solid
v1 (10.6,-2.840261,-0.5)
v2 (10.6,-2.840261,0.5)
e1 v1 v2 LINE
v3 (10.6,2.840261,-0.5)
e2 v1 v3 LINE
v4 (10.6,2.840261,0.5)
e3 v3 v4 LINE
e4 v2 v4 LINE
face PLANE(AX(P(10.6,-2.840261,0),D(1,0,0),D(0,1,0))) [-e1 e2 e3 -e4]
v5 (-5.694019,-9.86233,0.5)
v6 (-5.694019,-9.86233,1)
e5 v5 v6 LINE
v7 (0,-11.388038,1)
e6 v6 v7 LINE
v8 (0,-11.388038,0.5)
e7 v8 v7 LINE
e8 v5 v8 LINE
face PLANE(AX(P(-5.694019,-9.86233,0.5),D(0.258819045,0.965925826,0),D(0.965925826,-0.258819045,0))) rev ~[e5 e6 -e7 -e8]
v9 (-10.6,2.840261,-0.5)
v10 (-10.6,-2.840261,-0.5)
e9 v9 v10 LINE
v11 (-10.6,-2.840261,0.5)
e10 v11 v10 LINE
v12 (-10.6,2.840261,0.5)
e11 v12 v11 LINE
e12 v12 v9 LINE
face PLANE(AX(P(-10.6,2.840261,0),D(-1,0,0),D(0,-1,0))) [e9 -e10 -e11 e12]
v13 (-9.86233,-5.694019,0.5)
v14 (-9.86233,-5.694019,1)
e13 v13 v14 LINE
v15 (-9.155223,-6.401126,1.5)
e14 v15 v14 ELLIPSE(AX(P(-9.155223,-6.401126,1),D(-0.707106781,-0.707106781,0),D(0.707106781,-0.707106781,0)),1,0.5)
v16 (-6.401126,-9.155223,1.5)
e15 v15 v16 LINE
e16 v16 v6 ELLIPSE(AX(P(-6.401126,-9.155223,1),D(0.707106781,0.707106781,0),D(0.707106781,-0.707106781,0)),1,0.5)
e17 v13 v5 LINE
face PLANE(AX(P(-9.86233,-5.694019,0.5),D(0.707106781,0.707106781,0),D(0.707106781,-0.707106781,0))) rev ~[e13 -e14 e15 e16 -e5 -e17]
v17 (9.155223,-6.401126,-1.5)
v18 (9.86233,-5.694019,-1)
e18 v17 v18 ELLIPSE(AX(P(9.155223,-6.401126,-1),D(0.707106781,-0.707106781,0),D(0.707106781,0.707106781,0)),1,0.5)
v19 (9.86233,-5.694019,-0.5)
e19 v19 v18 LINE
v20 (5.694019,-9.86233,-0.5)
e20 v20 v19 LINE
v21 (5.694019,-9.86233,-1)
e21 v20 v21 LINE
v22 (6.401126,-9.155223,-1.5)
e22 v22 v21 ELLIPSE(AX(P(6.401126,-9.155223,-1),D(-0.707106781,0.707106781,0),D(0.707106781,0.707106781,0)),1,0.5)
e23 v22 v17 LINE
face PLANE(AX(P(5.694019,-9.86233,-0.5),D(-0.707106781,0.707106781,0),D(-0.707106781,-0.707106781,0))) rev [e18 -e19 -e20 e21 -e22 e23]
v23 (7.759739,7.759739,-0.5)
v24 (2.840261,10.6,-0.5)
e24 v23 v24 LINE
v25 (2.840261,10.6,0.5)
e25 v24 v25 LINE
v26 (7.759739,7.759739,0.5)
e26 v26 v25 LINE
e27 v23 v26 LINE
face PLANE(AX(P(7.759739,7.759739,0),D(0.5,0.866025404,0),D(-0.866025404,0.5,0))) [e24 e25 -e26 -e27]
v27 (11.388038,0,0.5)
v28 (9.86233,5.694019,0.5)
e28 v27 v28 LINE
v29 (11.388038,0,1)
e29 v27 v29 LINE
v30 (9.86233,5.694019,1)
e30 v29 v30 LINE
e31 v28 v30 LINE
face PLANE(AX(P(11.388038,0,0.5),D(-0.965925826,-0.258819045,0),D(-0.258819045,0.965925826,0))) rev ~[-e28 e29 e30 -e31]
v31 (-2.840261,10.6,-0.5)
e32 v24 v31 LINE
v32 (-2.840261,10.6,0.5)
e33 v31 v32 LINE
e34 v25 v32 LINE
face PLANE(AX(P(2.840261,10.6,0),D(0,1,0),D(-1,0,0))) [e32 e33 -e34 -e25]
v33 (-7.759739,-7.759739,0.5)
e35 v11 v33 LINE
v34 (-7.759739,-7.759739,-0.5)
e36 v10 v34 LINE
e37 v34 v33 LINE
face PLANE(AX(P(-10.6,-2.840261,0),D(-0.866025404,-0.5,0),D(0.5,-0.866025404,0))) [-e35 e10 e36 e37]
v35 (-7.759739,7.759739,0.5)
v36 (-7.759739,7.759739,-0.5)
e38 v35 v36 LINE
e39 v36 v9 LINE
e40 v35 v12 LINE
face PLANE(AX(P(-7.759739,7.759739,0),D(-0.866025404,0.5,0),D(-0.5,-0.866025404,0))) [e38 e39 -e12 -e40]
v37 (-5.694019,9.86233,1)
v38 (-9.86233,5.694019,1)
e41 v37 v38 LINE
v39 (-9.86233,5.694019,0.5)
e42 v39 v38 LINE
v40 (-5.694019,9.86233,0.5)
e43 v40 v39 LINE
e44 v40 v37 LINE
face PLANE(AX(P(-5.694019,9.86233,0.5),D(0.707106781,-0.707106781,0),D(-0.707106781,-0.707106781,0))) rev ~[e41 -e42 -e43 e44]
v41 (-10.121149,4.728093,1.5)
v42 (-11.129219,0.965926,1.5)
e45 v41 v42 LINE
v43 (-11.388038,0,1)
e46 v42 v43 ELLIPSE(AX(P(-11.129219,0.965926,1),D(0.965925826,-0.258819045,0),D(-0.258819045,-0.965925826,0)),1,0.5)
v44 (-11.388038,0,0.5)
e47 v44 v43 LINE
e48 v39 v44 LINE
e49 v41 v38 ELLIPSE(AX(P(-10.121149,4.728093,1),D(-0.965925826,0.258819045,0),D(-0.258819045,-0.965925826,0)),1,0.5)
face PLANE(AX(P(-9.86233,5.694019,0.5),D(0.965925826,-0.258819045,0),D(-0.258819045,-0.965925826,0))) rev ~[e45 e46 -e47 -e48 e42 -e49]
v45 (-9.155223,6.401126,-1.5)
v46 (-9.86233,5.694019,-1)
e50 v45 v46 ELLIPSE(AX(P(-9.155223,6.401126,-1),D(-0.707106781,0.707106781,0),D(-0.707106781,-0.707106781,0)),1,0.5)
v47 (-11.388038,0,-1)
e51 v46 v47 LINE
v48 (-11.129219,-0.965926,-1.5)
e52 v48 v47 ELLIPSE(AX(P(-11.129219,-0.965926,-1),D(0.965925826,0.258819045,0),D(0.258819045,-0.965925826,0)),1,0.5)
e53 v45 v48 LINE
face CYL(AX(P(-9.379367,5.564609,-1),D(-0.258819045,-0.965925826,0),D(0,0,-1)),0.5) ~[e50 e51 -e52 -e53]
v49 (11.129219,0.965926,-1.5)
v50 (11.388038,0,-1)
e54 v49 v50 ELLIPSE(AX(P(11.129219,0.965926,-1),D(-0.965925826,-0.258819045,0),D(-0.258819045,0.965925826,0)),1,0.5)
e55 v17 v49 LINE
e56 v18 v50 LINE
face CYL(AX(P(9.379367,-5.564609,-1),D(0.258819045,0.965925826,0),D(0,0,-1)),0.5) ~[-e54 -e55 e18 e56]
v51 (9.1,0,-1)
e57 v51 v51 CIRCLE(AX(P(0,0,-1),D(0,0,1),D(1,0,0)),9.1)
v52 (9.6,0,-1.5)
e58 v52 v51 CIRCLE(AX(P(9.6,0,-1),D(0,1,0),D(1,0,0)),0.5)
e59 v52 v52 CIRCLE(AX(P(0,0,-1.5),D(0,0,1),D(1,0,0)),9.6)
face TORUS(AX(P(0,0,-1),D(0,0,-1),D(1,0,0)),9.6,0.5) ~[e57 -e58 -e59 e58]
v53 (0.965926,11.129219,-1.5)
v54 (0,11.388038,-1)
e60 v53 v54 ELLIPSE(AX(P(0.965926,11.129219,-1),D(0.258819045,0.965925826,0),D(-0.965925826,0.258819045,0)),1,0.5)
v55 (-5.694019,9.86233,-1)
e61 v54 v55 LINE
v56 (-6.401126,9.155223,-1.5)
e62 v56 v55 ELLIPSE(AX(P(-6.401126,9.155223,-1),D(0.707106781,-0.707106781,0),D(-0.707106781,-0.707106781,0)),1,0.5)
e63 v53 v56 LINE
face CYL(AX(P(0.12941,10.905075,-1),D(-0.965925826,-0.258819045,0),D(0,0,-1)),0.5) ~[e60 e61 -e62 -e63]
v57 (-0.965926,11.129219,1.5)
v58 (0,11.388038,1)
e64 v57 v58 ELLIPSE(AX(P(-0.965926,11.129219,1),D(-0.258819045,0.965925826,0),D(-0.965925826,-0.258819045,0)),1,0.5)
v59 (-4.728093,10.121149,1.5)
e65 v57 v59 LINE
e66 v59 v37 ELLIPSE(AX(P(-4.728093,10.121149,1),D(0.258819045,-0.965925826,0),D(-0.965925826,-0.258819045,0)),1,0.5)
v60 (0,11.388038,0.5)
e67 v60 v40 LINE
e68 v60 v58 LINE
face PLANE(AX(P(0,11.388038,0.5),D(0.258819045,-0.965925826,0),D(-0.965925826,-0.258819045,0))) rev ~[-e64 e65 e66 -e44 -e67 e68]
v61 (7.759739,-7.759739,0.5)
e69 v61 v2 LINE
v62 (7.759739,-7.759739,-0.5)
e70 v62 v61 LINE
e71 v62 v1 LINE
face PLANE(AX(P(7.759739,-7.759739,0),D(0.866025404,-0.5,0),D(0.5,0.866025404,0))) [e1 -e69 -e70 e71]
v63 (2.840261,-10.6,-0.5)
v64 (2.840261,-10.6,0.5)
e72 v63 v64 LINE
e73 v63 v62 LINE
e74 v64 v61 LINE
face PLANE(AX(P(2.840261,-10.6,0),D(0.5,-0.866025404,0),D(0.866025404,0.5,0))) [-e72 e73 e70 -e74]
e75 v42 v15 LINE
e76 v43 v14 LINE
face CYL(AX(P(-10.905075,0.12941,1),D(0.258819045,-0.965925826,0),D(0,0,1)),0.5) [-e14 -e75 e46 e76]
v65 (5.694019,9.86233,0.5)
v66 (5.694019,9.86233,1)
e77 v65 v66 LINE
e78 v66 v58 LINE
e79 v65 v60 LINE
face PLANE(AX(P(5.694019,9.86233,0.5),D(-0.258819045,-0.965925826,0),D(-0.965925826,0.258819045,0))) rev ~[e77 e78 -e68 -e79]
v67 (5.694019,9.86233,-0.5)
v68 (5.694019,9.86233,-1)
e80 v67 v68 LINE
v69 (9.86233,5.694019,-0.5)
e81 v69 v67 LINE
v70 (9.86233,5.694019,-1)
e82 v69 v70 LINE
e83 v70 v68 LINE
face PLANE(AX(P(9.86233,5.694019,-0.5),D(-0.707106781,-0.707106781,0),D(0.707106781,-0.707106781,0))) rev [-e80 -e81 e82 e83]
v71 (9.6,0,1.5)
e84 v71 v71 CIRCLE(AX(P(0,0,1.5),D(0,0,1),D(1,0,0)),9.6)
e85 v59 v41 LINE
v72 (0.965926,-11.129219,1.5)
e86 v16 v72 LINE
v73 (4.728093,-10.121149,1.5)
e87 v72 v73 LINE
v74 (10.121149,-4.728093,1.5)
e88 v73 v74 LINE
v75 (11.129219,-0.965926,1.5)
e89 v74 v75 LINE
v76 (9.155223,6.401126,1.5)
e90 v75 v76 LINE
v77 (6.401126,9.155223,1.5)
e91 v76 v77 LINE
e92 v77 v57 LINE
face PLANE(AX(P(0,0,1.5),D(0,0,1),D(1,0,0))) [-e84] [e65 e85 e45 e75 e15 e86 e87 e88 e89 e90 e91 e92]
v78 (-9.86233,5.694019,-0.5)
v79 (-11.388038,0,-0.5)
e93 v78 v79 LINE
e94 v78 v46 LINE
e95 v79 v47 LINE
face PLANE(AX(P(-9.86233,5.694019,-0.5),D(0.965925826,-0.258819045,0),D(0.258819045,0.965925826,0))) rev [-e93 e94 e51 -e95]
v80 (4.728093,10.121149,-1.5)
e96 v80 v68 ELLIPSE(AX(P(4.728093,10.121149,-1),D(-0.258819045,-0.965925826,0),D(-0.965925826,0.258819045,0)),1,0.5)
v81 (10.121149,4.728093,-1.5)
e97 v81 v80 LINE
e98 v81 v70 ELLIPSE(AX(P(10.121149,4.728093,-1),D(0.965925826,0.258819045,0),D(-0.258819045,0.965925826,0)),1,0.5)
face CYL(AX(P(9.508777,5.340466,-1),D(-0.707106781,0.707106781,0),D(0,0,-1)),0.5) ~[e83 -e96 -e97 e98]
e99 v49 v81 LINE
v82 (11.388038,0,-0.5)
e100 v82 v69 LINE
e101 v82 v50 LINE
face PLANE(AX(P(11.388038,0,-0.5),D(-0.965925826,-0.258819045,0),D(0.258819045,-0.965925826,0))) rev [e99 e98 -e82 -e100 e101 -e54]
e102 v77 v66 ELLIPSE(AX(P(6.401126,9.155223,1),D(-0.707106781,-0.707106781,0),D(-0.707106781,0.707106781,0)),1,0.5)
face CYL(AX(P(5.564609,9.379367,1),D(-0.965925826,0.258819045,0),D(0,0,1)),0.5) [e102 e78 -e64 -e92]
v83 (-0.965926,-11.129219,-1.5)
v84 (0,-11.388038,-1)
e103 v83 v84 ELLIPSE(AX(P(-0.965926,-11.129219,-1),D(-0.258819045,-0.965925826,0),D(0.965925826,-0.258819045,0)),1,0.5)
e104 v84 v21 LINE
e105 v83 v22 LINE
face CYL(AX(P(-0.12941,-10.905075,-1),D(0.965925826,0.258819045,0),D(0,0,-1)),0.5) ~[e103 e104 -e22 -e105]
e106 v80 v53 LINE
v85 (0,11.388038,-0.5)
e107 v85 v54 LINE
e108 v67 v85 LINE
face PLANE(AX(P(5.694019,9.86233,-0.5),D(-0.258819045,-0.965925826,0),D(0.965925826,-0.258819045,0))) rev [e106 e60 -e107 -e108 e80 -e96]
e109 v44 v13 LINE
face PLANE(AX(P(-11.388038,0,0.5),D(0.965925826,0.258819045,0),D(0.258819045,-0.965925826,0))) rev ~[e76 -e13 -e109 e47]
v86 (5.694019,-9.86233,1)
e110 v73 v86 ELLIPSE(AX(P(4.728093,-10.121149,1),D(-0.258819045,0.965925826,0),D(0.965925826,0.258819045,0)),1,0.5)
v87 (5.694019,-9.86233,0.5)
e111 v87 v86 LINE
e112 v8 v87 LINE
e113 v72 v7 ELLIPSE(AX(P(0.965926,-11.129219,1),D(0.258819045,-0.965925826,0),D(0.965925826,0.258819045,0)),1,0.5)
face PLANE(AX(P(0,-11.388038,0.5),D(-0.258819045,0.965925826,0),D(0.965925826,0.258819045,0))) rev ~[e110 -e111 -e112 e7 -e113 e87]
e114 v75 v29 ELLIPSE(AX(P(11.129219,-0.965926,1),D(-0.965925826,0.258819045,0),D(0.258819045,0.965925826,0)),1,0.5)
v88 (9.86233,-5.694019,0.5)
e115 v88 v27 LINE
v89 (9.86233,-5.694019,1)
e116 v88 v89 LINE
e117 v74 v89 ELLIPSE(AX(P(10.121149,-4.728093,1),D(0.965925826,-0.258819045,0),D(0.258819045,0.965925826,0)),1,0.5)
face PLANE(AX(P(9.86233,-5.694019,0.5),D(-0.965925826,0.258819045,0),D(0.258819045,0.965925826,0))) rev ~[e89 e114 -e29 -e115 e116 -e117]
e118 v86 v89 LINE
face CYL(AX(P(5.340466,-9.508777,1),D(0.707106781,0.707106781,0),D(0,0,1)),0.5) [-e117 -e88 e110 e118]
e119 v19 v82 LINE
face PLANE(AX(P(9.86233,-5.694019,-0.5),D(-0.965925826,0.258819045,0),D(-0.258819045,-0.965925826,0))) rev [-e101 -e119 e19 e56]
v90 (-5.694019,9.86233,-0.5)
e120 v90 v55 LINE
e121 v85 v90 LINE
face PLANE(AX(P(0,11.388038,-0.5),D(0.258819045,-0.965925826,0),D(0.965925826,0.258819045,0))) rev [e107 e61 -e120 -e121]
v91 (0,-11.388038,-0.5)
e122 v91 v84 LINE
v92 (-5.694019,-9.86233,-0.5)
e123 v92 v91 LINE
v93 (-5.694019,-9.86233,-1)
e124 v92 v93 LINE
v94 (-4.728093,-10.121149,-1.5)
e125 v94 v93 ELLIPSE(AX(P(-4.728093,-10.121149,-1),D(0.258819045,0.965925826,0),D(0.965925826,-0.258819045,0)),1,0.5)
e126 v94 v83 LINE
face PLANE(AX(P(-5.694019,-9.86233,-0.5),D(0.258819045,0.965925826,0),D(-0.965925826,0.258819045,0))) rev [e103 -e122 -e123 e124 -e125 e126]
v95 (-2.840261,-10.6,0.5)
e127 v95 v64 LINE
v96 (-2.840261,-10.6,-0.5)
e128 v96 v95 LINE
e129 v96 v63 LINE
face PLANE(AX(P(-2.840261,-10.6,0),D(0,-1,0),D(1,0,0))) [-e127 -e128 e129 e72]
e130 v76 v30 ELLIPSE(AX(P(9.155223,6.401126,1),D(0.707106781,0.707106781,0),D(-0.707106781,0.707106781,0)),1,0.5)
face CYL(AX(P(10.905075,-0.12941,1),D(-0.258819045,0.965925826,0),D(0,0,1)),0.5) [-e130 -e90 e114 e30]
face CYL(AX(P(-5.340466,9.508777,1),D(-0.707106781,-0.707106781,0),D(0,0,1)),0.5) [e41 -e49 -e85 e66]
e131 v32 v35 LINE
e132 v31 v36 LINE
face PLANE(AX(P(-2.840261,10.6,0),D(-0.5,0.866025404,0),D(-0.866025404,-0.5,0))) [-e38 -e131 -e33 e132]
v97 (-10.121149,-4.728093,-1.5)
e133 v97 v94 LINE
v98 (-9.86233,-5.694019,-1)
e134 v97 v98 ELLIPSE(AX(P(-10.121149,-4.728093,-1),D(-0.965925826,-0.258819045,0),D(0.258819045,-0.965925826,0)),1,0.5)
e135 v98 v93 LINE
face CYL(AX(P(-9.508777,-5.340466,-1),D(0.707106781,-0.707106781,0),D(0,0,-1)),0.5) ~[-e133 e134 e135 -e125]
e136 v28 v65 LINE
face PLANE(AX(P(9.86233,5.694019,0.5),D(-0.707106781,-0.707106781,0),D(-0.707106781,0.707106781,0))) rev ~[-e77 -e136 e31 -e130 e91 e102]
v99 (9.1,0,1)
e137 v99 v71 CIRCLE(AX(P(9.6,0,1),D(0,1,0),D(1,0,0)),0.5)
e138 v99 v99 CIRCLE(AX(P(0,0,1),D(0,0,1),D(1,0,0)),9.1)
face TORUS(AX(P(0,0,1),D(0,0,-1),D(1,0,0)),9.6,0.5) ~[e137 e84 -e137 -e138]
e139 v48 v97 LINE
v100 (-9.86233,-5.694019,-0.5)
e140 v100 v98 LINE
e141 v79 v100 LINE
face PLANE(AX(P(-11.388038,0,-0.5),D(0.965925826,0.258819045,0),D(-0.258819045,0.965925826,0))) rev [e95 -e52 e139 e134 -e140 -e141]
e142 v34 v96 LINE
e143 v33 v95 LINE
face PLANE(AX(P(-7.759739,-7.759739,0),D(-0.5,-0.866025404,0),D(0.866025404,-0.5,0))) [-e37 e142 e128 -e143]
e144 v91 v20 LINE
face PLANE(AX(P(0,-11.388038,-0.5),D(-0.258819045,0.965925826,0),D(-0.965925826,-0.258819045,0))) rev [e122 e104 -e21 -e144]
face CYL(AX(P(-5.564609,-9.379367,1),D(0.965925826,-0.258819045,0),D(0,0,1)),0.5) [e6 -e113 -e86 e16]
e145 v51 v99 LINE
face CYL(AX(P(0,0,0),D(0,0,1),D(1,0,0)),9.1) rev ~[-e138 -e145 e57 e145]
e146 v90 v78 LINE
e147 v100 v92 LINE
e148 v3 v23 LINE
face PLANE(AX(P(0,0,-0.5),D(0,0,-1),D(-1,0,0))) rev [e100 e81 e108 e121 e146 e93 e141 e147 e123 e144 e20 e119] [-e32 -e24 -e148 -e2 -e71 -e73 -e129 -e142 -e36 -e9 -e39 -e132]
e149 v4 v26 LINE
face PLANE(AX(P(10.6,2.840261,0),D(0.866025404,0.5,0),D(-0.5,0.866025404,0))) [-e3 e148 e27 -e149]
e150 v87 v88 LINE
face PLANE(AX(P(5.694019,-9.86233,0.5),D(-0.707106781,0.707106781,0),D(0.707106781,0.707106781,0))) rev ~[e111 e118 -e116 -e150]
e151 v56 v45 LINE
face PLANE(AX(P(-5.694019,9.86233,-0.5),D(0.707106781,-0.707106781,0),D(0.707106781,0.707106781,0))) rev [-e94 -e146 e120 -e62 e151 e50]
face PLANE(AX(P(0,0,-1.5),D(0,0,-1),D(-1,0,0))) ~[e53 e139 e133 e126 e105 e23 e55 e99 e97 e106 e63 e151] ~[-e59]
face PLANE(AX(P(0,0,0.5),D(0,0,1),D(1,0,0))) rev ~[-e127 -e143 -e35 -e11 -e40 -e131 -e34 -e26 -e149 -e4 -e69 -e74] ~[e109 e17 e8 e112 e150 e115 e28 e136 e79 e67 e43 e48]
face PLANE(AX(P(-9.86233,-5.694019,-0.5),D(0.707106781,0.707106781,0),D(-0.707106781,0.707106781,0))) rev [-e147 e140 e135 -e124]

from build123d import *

# Parameters (mm, degrees)
F2_DEPTH = 0.5
F4_DEPTH = 1
F0_R     = 9.1
F6_DEPTH = 2.5
F7_R     = 0.5
F8_R     = 0.5


with BuildPart() as f2:
    # F1 (on Top) → F2 (new body, symmetric)
    with BuildSketch(Plane.XY):
        Polygon((-10.6, -2.8402614398), (-7.7597385602, -7.7597385602), (-2.8402614398, -10.6), (2.8402614398, -10.6), (7.7597385602, -7.7597385602), (10.6, -2.8402614398), (10.6, 2.8402614398), (7.7597385602, 7.7597385602), (2.8402614398, 10.6), (-2.8402614398, 10.6), (-7.7597385602, 7.7597385602), (-10.6, 2.8402614398), align=None)
    extrude(amount=F2_DEPTH, both=True)

    # F3 (on face) → F4 (join)
    with BuildSketch(Plane.XY.offset(0.5)):
        Polygon((-9.8623301938, 5.6940189923), (-11.3880379845, 0), (-9.8623301938, -5.6940189923), (-5.6940189923, -9.8623301938), (0, -11.3880379845), (5.6940189923, -9.8623301938), (9.8623301938, -5.6940189923), (11.3880379845, 0), (9.8623301938, 5.6940189923), (5.6940189923, 9.8623301938), (0, 11.3880379845), (-5.6940189923, 9.8623301938), align=None)
    extrude(amount=F4_DEPTH)

    # F5: F2 across plane


with BuildPart() as f2_1:
    add(f2.part)
    add(f2.part.mirror(Plane.XY))

    # F0 (on Top) → F6 (cut, symmetric)
    with BuildSketch(Plane.XY):
        Circle(F0_R)
    extrude(amount=F6_DEPTH, both=True, mode=Mode.SUBTRACT)

    # F7
    f7_edges = [f2_1.edges().sort_by_distance(p)[0] for p in [
        (-9.1, 0, -1.5),
        (9.1, 0, 0),
        (-9.1, 0, 1.5),
    ]]
    fillet(f7_edges, radius=F7_R)

    # F8
    f8_edges = [f2_1.edges().sort_by_distance(p)[0] for p in [
        (10.625184, -2.847009, -1.5),
        (7.778175, 7.778175, -1.5),
        (-2.847009, 10.625184, -1.5),
        (-10.625184, 2.847009, -1.5),
        (-7.778175, -7.778175, -1.5),
        (2.847009, -10.625184, -1.5),
        (-2.847009, -10.625184, 1.5),
        (7.778175, -7.778175, 1.5),
        (10.625184, 2.847009, 1.5),
        (2.847009, 10.625184, 1.5),
        (-7.778175, 7.778175, 1.5),
        (-10.625184, -2.847009, 1.5),
    ]]
    fillet(f8_edges, radius=F8_R)


solid = f2_1.part
